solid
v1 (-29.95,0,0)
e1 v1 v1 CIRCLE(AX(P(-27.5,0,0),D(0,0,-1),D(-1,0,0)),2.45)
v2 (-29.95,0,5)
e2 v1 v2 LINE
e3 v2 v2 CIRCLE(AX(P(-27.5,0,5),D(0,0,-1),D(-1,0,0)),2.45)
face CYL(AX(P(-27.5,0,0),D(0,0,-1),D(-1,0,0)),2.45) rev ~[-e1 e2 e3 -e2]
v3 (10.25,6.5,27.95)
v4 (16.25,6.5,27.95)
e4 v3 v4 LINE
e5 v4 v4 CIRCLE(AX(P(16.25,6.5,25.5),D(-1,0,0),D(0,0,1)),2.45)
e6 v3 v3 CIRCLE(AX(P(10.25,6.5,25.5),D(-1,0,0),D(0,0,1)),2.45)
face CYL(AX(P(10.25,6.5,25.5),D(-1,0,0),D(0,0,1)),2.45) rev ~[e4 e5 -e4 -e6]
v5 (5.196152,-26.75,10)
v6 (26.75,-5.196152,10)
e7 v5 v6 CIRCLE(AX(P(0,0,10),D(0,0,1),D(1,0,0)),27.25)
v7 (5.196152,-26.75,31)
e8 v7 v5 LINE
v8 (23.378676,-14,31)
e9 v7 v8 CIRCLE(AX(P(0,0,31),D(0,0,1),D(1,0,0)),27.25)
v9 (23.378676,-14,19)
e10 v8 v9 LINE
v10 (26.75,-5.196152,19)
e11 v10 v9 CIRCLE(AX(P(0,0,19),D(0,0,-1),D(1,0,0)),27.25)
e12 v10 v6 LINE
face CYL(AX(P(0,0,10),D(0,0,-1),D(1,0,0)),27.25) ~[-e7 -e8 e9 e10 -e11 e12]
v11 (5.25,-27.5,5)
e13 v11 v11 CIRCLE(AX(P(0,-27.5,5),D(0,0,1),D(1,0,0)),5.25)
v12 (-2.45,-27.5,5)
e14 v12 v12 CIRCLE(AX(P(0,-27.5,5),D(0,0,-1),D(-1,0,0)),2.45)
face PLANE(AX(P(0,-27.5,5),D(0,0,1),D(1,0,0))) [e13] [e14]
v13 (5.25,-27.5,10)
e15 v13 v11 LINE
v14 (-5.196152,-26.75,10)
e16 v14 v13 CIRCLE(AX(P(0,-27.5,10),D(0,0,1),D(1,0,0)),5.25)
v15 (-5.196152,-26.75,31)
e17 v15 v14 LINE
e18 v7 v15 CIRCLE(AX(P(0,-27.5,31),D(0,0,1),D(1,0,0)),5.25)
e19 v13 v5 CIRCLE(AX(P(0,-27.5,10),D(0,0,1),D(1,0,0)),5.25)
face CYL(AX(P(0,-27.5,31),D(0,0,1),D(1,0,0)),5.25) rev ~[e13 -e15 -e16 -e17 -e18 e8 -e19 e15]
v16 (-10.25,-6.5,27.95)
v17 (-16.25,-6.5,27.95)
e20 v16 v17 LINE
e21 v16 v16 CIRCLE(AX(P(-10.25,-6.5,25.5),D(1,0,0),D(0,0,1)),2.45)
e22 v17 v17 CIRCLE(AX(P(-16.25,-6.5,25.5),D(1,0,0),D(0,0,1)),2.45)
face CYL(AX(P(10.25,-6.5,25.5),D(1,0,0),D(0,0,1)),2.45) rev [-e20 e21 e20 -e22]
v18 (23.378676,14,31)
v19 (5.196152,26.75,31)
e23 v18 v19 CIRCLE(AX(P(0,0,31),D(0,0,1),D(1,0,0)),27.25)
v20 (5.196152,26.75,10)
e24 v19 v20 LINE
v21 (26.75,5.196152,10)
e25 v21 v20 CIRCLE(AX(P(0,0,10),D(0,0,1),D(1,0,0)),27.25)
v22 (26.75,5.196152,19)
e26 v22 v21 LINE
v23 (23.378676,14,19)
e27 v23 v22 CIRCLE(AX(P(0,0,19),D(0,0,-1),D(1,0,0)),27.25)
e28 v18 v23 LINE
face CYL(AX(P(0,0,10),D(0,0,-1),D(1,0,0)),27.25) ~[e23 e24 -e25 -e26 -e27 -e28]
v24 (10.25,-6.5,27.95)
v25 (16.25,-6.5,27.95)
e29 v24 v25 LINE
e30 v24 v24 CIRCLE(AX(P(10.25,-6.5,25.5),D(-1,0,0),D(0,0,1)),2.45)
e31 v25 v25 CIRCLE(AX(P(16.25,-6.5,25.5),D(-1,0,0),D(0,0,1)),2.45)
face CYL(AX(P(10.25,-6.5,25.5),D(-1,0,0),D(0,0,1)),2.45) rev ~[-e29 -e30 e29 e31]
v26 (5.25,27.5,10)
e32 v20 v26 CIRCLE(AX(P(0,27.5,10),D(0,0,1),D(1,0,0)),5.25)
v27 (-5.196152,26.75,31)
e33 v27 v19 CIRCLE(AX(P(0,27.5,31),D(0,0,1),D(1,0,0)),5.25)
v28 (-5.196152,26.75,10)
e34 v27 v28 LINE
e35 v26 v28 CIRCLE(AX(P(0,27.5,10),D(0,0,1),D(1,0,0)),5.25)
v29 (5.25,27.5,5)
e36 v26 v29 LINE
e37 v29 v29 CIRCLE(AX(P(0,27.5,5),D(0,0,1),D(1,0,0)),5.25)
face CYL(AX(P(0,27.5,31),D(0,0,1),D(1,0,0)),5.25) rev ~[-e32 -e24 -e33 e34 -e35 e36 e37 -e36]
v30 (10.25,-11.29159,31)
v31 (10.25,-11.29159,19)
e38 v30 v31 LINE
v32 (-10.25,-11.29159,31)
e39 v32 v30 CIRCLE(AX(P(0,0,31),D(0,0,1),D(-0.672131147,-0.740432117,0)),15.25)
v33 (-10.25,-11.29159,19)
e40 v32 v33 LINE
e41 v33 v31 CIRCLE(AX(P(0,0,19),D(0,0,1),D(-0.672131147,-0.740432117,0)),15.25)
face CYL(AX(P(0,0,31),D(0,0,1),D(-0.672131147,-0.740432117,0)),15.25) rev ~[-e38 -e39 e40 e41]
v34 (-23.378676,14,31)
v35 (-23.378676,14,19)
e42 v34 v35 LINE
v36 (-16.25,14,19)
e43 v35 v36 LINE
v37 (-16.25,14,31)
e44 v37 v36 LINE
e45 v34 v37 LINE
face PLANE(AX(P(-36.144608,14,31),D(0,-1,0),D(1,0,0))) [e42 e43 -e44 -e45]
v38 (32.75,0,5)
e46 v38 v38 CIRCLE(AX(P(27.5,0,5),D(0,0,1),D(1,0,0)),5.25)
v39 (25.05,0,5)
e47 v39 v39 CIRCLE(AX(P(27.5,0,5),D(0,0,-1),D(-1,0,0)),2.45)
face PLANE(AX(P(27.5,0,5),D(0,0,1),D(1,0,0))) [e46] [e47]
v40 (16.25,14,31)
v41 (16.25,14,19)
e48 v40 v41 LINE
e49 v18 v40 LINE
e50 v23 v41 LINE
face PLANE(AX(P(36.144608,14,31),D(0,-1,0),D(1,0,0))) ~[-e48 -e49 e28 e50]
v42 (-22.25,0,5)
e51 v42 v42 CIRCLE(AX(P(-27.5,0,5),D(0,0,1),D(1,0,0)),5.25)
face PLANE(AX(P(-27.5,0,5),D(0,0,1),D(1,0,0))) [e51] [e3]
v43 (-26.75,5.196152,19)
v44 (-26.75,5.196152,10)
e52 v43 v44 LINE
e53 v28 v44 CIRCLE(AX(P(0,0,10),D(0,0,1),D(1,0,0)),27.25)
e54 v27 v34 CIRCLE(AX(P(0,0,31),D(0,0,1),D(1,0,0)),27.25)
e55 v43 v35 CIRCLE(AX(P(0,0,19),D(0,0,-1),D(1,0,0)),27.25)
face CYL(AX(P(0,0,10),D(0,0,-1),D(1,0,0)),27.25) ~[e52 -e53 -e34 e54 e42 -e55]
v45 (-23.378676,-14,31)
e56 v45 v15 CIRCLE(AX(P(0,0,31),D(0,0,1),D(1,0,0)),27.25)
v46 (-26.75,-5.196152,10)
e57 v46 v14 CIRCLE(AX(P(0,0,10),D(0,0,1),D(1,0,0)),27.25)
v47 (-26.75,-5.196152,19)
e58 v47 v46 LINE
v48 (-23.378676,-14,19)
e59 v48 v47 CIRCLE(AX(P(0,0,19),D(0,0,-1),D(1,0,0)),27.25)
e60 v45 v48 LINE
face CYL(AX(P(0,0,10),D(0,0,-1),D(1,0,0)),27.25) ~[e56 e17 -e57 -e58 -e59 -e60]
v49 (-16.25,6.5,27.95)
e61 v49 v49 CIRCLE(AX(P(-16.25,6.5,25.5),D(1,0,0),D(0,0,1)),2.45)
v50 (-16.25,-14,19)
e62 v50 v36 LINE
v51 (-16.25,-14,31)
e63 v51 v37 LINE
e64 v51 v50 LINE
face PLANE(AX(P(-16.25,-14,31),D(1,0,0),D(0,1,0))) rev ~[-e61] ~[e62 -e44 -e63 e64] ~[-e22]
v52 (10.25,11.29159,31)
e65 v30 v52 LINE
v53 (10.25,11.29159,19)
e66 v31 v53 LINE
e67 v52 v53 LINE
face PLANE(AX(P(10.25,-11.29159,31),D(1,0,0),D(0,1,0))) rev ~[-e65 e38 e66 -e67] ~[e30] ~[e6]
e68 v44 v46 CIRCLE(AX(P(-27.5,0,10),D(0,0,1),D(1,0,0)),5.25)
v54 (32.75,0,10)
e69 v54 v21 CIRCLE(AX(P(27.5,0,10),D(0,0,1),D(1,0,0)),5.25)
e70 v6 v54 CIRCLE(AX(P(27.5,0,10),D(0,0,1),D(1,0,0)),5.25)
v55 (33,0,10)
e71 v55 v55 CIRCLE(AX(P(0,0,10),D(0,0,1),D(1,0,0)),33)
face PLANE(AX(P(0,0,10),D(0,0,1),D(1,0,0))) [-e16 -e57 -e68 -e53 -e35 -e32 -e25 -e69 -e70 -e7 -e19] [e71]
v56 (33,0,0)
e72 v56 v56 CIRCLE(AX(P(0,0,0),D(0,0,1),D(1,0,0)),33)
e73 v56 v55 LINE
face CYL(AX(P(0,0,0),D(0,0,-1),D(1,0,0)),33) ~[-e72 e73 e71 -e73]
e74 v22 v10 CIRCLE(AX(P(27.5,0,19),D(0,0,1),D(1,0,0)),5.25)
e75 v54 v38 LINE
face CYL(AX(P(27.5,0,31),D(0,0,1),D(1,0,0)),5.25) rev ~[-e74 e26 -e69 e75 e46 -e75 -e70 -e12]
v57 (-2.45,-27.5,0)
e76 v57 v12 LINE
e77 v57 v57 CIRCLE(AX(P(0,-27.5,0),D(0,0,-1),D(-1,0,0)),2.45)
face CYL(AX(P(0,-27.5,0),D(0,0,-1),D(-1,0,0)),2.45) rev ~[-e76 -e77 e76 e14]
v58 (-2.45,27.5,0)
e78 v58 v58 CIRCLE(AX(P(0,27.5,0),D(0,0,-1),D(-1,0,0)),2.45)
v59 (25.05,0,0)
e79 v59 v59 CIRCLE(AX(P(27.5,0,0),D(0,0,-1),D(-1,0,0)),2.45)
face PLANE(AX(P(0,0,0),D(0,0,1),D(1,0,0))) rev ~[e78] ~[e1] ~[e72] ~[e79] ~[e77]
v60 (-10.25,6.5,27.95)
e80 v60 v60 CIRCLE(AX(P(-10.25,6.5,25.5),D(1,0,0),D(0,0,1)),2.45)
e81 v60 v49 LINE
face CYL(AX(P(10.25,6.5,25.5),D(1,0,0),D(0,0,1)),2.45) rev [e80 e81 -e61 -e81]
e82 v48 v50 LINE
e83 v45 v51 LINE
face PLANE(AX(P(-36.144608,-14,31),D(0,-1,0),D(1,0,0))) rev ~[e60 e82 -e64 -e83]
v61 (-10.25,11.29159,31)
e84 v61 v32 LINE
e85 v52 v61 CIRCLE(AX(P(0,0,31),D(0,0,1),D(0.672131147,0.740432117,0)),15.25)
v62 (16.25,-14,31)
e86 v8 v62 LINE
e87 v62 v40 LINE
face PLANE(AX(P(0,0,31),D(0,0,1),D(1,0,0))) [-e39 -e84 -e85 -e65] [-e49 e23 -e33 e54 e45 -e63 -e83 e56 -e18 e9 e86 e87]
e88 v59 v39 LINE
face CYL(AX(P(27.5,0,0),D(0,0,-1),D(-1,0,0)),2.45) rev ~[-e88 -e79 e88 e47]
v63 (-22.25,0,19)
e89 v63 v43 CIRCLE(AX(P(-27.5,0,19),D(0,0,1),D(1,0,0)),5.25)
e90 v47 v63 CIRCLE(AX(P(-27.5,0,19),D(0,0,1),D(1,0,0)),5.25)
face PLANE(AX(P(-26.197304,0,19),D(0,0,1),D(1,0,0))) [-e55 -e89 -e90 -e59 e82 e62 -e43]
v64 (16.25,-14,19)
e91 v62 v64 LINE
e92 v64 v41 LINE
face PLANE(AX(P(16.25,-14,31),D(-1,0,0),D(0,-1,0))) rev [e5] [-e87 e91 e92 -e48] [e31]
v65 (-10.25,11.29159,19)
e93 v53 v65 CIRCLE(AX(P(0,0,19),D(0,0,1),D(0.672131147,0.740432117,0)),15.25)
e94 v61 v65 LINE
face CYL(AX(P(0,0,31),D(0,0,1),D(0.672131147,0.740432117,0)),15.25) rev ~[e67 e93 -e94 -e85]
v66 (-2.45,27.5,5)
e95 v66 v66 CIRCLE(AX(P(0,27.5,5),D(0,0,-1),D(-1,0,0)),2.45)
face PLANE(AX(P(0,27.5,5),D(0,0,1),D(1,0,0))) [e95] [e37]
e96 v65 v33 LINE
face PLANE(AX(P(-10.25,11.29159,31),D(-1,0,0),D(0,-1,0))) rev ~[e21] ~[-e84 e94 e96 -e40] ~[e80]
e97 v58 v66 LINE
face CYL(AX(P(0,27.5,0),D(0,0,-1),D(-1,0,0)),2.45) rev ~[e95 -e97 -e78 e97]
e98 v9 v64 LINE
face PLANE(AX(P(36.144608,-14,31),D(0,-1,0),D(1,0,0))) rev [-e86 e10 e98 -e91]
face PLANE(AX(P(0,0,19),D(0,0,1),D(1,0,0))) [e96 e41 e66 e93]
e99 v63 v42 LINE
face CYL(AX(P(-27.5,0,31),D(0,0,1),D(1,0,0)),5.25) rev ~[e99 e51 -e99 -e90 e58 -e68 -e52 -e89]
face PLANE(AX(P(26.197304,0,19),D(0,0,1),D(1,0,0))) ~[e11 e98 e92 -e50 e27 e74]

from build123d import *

# Parameters (mm, degrees)
SKETCH1_R           = 33
EXTRUDE1_DEPTH      = 10
SKETCH2_R           = 27.25
EXTRUDE2_DEPTH      = 21
EXTRUDE3_DEPTH      = 12
SKETCH4_R           = 2.45
EXTRUDE4_DEPTH      = 36
SKETCH5_R           = 2.45
EXTRUDE5_DEPTH      = 38
EXTRUDE5_DEPTH_BACK = 38
SKETCH6_W           = 19.894607887
SKETCH6_H           = 28
EXTRUDE6_DEPTH      = 12
SKETCH8_R           = 5.25
EXTRUDE7_DEPTH      = 26


with BuildPart() as part:
    # Sketch1 → Extrude1 (new body)
    with BuildSketch(Plane.XY):
        Circle(SKETCH1_R)
    extrude(amount=EXTRUDE1_DEPTH)

    # Sketch2 → Extrude2 (add)
    with BuildSketch(Plane.XY.offset(10)):
        Circle(SKETCH2_R)
    extrude(amount=EXTRUDE2_DEPTH)

    # Sketch3 → Extrude3 (cut)
    with BuildSketch(Plane.XY.offset(31)):
        with BuildLine():
            Line((-10.25, 11.291589791), (-10.25, -11.291589791))
            ThreePointArc((-10.25, -11.291589791), (0, -15.25), (10.25, -11.291589791))
            Line((10.25, -11.291589791), (10.25, 11.291589791))
            ThreePointArc((10.25, 11.291589791), (0, 15.25), (-10.25, 11.291589791))
        make_face()
    extrude(amount=-EXTRUDE3_DEPTH, mode=Mode.SUBTRACT)

    # Sketch4 → Extrude4 (cut)
    with BuildSketch(Plane(origin=(0, 0, 0), x_dir=(-1, 0, 0), z_dir=(0, 0, -1))):
        with Locations((0, 27.5)):
            Circle(SKETCH4_R)
        with Locations((-27.5, 0)):
            Circle(SKETCH4_R)
        with Locations((0, -27.5)):
            Circle(SKETCH4_R)
        with Locations((27.5, 0)):
            Circle(SKETCH4_R)
    extrude(amount=-EXTRUDE4_DEPTH, mode=Mode.SUBTRACT)

    # Sketch5 → Extrude5 (cut, two sides)
    with BuildSketch(Plane.ZY.offset(-10.25)) as extrude5_sk:
        with Locations((25.5, 6.5)):
            Circle(SKETCH5_R)
        with Locations((25.5, -6.5)):
            Circle(SKETCH5_R)
    extrude(amount=EXTRUDE5_DEPTH, mode=Mode.SUBTRACT)
    extrude(extrude5_sk.sketch, amount=-EXTRUDE5_DEPTH_BACK, mode=Mode.SUBTRACT)

    # Sketch6 → Extrude6 (cut)
    with BuildSketch(Plane.XY.offset(31)):
        with Locations((-26.197303943, 0)):
            Rectangle(SKETCH6_W, SKETCH6_H)
    extrude6 = extrude(amount=-EXTRUDE6_DEPTH, mode=Mode.SUBTRACT)

    # Mirror1: Extrude6 across plane
    add(extrude6.mirror(Plane(origin=(0, 0, 0), x_dir=(0, 0, 1), z_dir=(1, 0, 0))), mode=Mode.SUBTRACT)

    # Sketch8 → Extrude7 (cut)
    with BuildSketch(Plane.XY.offset(31)):
        with Locations((0, 27.5)):
            Circle(SKETCH8_R)
        with Locations((27.5, 0)):
            Circle(SKETCH8_R)
        with Locations((-27.5, 0)):
            Circle(SKETCH8_R)
        with Locations((0, -27.5)):
            Circle(SKETCH8_R)
    extrude(amount=-EXTRUDE7_DEPTH, mode=Mode.SUBTRACT)


solid = part.part
